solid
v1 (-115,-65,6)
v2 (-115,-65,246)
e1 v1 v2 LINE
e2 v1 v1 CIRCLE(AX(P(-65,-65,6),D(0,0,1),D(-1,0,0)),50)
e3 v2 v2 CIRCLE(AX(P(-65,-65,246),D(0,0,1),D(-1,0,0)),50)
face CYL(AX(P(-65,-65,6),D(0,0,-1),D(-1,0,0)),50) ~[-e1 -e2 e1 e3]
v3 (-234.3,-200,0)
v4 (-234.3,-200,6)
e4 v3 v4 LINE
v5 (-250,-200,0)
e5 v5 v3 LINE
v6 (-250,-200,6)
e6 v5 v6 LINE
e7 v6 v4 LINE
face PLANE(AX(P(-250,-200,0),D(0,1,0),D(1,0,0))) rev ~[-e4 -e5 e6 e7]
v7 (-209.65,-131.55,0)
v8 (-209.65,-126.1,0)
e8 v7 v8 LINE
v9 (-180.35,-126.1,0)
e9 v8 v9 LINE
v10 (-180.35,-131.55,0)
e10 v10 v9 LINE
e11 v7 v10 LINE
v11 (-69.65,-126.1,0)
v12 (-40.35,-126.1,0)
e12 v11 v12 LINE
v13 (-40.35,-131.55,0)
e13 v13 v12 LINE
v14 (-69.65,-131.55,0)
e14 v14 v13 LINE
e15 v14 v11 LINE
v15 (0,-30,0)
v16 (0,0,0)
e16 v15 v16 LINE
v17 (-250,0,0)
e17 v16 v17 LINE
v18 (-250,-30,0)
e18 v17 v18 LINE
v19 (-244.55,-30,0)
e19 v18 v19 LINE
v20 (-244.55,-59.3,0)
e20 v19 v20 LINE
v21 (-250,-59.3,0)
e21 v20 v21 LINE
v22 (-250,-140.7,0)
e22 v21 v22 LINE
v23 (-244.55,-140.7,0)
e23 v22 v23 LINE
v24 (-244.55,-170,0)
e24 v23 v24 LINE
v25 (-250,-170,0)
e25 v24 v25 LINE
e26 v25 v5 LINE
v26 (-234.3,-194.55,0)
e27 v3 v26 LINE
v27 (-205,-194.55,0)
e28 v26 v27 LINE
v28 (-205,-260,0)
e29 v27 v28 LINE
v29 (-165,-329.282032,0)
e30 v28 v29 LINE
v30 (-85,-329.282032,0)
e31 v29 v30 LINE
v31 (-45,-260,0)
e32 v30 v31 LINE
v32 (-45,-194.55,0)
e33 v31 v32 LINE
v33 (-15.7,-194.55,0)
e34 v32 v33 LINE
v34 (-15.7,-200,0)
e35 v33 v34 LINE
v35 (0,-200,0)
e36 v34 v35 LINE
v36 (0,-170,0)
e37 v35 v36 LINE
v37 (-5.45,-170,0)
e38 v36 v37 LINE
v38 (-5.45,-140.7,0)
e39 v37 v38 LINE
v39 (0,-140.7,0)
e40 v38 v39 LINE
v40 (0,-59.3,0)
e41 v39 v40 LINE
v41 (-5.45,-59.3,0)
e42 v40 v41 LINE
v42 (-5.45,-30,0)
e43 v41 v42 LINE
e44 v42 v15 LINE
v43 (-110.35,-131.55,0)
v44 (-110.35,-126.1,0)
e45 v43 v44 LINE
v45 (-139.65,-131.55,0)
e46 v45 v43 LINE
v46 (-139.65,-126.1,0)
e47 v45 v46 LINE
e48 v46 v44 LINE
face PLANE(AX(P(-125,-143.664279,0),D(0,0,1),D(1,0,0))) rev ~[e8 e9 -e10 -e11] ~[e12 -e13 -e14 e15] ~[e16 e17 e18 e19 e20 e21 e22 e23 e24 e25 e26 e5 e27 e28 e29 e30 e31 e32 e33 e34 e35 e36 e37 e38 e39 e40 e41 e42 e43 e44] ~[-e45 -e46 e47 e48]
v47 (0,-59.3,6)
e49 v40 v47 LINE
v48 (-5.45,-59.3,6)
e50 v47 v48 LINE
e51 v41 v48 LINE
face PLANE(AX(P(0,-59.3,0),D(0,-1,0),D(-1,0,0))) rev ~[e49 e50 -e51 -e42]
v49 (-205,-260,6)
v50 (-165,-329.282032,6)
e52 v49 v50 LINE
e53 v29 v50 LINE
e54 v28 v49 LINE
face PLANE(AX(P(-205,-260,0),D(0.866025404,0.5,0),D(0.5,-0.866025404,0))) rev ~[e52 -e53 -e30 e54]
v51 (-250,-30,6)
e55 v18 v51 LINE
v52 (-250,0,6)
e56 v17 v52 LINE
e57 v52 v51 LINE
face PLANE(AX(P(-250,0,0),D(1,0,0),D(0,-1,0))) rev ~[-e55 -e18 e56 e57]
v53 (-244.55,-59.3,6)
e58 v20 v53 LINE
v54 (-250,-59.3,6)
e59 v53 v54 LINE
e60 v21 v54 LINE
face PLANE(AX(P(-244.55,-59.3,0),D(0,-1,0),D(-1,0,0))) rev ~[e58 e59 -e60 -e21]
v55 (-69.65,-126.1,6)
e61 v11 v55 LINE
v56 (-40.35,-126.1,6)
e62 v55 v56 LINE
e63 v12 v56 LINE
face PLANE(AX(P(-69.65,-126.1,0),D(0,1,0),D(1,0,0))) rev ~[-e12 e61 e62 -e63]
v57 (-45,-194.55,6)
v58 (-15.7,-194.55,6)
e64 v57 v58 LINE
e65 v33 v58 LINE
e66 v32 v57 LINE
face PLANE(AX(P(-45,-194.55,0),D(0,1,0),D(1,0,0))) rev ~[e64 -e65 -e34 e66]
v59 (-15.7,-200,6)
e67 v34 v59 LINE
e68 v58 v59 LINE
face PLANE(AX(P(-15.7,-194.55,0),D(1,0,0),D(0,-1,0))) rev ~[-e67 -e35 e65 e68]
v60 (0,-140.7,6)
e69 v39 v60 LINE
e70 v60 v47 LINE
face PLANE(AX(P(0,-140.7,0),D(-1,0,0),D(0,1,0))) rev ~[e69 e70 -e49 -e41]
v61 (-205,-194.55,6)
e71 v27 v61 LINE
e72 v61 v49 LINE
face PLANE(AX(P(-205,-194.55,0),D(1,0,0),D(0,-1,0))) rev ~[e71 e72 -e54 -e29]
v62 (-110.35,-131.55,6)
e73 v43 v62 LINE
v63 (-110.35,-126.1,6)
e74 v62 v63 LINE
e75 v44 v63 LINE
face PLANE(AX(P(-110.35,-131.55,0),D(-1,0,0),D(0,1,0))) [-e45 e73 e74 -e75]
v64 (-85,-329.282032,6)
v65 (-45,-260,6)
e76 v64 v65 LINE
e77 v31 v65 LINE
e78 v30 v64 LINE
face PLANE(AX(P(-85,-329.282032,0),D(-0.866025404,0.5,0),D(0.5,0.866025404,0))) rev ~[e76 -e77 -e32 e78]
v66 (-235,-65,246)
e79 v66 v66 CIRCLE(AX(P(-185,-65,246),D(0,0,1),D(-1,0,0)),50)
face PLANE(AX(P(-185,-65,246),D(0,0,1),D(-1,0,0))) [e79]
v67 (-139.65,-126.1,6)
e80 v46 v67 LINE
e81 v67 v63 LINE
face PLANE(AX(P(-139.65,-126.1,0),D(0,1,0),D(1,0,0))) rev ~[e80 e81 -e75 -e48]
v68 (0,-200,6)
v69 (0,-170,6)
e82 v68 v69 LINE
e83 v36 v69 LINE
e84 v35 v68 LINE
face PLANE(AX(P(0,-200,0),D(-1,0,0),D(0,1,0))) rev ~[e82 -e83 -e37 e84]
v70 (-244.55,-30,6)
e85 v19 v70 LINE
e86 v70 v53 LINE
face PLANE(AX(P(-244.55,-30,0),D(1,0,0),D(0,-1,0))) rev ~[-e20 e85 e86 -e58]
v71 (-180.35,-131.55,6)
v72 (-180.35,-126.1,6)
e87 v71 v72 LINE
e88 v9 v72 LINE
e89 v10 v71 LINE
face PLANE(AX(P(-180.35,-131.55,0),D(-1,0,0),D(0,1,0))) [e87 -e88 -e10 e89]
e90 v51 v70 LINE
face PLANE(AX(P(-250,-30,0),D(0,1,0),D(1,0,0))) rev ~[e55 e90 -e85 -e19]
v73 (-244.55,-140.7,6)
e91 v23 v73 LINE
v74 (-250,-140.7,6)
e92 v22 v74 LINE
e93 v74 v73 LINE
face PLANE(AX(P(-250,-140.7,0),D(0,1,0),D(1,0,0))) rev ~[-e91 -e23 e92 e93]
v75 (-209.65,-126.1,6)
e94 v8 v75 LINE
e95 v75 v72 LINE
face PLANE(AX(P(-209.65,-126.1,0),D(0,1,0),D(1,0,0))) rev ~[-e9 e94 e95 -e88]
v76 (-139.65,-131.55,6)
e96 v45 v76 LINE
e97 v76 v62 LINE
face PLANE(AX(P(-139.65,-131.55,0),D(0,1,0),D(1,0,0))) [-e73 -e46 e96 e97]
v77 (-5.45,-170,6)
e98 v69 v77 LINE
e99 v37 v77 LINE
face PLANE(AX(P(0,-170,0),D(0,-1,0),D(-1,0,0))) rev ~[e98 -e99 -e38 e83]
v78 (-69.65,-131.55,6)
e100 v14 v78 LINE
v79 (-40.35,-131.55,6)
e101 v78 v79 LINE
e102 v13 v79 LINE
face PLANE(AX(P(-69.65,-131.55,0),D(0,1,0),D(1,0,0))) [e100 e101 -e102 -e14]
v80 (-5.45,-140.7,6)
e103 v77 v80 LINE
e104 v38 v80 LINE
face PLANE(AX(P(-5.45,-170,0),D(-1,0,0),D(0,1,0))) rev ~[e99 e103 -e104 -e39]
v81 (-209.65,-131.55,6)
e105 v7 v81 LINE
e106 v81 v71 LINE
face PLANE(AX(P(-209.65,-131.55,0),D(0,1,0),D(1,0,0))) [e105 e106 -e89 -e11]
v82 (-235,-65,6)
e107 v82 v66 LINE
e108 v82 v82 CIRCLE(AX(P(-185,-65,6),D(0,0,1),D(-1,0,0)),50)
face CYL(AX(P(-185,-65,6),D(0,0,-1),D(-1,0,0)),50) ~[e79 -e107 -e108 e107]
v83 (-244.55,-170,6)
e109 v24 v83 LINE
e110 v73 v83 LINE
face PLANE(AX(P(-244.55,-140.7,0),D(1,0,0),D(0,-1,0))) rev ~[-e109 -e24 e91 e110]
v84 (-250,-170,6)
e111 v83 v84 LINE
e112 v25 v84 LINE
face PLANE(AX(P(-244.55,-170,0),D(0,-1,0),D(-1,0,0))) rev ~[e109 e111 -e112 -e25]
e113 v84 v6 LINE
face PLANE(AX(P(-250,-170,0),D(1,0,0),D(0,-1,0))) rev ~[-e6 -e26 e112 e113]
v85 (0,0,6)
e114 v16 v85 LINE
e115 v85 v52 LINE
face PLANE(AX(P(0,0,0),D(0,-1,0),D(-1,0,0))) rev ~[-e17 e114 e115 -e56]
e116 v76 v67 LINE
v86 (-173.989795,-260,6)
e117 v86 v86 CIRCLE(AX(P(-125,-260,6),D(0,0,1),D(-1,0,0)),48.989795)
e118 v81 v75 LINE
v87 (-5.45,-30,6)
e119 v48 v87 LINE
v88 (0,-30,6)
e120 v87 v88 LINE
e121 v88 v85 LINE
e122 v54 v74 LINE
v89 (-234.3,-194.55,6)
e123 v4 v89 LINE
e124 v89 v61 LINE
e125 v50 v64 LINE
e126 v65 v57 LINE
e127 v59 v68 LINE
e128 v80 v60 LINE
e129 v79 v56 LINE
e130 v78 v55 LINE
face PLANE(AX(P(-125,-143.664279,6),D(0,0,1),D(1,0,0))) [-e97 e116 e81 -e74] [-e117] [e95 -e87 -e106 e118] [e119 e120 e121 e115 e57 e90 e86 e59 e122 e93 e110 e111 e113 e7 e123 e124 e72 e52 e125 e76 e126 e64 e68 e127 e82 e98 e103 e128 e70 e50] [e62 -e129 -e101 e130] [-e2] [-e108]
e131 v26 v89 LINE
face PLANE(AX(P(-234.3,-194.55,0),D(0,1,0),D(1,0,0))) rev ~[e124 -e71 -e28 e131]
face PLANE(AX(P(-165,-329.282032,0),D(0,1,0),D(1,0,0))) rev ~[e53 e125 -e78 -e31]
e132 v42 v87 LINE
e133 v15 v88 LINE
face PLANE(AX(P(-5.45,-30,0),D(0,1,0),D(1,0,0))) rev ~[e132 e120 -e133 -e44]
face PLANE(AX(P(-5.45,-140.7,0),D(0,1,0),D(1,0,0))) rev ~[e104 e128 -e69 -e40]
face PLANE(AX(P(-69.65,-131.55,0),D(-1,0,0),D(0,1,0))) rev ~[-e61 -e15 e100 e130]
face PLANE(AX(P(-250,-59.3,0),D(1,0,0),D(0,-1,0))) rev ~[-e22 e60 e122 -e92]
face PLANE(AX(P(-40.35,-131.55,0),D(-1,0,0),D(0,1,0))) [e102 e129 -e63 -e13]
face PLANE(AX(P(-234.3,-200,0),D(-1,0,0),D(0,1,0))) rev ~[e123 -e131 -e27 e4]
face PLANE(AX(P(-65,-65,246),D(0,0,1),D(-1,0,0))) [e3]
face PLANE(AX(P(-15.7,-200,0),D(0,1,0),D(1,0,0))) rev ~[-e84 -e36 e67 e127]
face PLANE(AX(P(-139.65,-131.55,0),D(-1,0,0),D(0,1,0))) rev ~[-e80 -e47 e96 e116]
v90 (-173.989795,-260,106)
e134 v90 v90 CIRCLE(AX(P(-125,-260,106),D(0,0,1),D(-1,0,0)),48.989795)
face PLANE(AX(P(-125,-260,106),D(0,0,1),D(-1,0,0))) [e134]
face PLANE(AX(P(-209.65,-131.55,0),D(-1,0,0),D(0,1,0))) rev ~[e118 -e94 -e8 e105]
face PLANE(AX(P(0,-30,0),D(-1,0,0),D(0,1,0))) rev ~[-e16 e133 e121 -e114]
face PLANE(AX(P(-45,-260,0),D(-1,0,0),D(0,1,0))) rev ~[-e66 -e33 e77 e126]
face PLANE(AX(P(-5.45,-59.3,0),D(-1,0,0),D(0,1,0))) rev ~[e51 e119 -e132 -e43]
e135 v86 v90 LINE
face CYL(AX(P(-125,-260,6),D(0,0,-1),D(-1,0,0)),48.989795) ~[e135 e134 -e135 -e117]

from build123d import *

# Parameters (mm, degrees)
SKETCH_1_W      = 29.3
SKETCH_1_H      = 5.45
EXTRUDE_1_DEPTH = 6
SKETCH_2_R      = 48.989794856
EXTRUDE_2_DEPTH = 100
SKETCH_3_R      = 50
EXTRUDE_3_DEPTH = 240


with BuildPart() as part:
    # Эскиз1 → Бобышка-Вытянуть1 (new body)
    with BuildSketch(Plane.XY):
        Polygon((0, 0), (-250, 0), (-250, -30), (-244.55, -30), (-244.55, -59.3), (-250, -59.3), (-250, -140.7), (-244.55, -140.7), (-244.55, -170), (-250, -170), (-250, -200), (-234.3, -200), (-234.3, -194.55), (-205, -194.55), (-205, -260), (-165, -329.282032303), (-85, -329.282032303), (-45, -260), (-45, -194.55), (-15.7, -194.55), (-15.7, -200), (0, -200), (0, -170), (-5.45, -170), (-5.45, -140.7), (0, -140.7), (0, -59.3), (-5.45, -59.3), (-5.45, -30), (0, -30), align=None)
        with Locations((-55, -128.825)):
            Rectangle(SKETCH_1_W, SKETCH_1_H, mode=Mode.SUBTRACT)
        with Locations((-195, -128.825)):
            Rectangle(SKETCH_1_W, SKETCH_1_H, mode=Mode.SUBTRACT)
        with Locations((-125, -128.825)):
            Rectangle(SKETCH_1_W, SKETCH_1_H, mode=Mode.SUBTRACT)
    extrude(amount=EXTRUDE_1_DEPTH)

    # Эскиз2 → Бобышка-Вытянуть2 (add)
    with BuildSketch(Plane.XY.offset(6)):
        with Locations(Location((-125, -260, 0), (0, 0, 180))):
            Circle(SKETCH_2_R)
    extrude(amount=EXTRUDE_2_DEPTH)

    # Эскиз3 → Бобышка-Вытянуть3 (add)
    with BuildSketch(Plane.XY.offset(6)):
        with Locations(Location((-185, -65, 0), (0, 0, 180))):
            Circle(SKETCH_3_R)
        with Locations(Location((-65, -65, 0), (0, 0, 180))):
            Circle(SKETCH_3_R)
    extrude(amount=EXTRUDE_3_DEPTH)


solid = part.part
